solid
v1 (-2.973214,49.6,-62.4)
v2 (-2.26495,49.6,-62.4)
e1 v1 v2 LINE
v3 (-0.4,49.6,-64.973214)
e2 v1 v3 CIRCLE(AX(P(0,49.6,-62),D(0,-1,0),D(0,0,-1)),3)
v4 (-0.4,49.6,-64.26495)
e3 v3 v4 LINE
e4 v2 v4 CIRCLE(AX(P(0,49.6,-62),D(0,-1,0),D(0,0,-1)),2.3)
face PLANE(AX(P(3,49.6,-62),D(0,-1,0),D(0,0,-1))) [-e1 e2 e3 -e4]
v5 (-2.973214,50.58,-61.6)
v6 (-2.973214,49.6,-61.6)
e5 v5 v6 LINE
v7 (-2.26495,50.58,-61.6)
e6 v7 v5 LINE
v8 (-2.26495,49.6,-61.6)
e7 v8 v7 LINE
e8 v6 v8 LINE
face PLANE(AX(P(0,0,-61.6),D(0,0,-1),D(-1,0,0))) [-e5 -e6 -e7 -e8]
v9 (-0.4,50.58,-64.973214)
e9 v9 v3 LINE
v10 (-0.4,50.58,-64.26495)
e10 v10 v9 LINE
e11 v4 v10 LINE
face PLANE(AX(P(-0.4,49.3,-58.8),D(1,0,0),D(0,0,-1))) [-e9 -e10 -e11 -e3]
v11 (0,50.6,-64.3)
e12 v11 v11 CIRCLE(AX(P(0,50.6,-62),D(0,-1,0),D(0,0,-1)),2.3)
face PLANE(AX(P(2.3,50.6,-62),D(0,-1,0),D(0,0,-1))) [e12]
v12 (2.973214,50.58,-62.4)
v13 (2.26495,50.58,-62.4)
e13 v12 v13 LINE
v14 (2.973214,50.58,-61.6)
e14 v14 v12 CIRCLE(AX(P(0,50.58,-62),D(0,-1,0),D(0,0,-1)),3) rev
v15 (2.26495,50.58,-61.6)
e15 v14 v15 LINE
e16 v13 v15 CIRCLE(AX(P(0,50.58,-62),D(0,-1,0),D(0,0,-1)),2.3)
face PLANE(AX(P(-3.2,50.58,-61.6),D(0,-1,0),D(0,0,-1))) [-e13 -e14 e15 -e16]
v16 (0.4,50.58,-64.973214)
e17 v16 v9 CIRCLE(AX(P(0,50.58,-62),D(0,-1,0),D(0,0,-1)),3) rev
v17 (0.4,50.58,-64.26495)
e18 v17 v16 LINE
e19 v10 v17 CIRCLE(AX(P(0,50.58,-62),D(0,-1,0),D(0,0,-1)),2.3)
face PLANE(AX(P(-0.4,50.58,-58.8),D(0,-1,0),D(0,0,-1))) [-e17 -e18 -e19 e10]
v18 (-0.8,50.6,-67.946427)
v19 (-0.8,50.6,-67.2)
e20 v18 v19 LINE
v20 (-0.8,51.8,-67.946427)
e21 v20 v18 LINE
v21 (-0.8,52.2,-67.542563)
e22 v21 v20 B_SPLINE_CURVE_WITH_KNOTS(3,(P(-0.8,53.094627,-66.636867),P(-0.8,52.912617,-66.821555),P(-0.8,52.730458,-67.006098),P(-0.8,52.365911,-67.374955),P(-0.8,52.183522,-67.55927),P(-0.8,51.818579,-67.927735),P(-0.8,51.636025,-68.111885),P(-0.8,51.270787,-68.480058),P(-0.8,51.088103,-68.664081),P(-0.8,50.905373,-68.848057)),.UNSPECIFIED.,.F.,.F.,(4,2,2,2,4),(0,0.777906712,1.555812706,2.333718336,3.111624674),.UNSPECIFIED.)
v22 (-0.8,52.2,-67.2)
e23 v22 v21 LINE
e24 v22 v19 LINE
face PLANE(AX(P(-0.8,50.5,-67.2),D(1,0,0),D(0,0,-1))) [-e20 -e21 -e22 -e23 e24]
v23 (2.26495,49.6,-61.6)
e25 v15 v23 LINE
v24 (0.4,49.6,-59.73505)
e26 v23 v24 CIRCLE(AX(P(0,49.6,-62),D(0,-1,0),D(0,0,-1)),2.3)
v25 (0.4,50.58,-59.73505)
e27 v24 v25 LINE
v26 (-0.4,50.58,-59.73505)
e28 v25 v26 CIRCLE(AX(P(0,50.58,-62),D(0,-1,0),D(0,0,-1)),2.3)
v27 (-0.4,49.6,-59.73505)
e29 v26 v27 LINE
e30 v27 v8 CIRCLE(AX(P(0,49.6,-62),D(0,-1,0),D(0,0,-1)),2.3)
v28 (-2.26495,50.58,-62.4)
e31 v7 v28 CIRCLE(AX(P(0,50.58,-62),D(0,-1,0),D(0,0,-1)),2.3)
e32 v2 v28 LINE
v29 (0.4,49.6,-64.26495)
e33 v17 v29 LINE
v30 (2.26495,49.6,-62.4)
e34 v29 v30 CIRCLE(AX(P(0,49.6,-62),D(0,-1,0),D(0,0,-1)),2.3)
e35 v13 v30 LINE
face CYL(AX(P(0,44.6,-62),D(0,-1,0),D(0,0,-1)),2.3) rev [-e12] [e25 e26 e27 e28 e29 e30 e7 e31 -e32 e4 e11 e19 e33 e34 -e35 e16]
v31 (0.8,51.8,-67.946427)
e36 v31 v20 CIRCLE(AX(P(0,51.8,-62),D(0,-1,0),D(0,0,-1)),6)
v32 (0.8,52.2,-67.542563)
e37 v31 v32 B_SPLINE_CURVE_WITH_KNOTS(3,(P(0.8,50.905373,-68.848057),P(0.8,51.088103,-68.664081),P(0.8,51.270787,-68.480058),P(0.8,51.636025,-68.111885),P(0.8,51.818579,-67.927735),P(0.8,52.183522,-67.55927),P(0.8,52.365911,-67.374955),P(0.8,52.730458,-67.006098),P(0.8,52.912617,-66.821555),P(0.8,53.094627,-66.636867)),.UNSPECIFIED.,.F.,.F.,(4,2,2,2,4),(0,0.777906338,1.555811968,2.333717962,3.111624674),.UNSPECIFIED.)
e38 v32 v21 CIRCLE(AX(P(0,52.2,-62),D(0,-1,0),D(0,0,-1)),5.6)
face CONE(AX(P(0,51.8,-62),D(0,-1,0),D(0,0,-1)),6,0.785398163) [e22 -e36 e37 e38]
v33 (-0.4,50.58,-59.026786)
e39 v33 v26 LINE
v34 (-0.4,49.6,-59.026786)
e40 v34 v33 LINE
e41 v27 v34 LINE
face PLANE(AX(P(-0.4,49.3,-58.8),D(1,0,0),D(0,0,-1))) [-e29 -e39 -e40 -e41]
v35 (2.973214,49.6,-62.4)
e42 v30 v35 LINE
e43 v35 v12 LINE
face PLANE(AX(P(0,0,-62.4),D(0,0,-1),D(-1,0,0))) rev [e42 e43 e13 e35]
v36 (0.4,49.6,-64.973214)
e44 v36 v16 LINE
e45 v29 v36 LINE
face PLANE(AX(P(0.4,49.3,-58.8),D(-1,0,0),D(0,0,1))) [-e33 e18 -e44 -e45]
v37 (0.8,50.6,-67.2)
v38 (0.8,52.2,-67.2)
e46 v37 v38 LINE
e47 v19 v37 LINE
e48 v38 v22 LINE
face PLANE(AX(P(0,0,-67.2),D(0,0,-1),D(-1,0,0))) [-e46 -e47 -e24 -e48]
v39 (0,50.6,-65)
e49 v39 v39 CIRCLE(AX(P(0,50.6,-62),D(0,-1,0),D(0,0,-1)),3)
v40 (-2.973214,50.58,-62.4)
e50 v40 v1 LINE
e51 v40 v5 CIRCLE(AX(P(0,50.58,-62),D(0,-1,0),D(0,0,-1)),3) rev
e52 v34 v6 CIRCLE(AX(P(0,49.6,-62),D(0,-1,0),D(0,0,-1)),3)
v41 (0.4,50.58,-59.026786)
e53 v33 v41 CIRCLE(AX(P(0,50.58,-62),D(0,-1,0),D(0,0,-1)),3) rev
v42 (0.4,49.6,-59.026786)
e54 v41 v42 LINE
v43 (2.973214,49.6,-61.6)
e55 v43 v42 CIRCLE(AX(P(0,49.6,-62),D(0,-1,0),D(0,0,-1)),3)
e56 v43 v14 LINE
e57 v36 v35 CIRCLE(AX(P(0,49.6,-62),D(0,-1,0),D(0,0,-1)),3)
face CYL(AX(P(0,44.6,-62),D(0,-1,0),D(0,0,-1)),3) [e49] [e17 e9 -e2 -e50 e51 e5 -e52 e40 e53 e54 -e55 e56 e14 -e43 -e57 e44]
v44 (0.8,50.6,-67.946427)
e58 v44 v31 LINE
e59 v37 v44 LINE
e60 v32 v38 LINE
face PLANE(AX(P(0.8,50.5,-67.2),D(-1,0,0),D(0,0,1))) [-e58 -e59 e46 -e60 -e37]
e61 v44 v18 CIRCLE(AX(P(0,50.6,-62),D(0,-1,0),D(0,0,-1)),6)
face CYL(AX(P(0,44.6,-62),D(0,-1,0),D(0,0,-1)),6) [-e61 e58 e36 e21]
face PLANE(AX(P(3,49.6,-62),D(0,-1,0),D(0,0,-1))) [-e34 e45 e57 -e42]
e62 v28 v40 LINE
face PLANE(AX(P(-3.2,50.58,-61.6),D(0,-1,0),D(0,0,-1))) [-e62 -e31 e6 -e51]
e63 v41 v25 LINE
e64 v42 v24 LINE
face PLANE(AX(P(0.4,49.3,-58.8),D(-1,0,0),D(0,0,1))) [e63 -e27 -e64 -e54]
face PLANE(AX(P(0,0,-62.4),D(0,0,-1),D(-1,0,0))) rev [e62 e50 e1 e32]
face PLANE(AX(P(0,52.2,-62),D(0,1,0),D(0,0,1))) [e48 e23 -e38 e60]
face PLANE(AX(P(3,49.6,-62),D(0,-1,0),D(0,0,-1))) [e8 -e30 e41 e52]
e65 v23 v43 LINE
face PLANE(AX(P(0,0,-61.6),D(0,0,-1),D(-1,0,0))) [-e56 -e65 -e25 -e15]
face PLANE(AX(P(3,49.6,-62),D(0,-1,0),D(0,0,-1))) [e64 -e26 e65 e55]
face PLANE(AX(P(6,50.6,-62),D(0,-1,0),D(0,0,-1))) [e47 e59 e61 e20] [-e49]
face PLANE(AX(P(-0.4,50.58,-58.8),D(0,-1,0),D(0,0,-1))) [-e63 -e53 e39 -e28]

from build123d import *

# Parameters (mm, degrees)
BOSS_EXTRUDE1_START = -65.2
SKETCH2_W           = 0.8
SKETCH2_H           = 1.28
BOSS_EXTRUDE1_DEPTH = 6.4
BOSS_EXTRUDE2_START = -62.4
SKETCH3_W           = 6.4
SKETCH3_H           = 1.28
BOSS_EXTRUDE2_DEPTH = 0.8
BOSS_EXTRUDE3_START = -68.1
SKETCH4_W           = 1.6
SKETCH4_H           = 1.8
BOSS_EXTRUDE3_DEPTH = 0.9


with BuildPart() as part:
    # Sketch1 → Revolve1 (revolve)
    with BuildSketch(Plane.XY.offset(-62), mode=Mode.PRIVATE) as revolve1_sk:
        Polygon((2.3, 49.6), (2.3, 50.6), (0, 50.6), (0, 52.2), (5.6, 52.2), (6, 51.8), (6, 50.6), (3, 50.6), (3, 49.6), align=None)
    revolve(revolve1_sk.sketch.rotate(Axis((0, 44.6, -62), (0, 1, 0)), 90), axis=Axis((0, 44.6, -62), (0, 1, 0)))


with BuildPart() as body_2:
    # Sketch2 → Boss-Extrude1 (new body)
    with BuildSketch(Plane.XY.offset(BOSS_EXTRUDE1_START)):
        with Locations((0, 49.94)):
            Rectangle(SKETCH2_W, SKETCH2_H)
    extrude(amount=BOSS_EXTRUDE1_DEPTH)


with BuildPart() as part_1:
    add(part.part)

    # Combine1: cut body 2
    add(body_2.part, mode=Mode.SUBTRACT)


with BuildPart() as body_2_2:
    # Sketch3 → Boss-Extrude2 (new body)
    with BuildSketch(Plane.XY.offset(BOSS_EXTRUDE2_START)):
        with Locations((0, 49.94)):
            Rectangle(SKETCH3_W, SKETCH3_H)
    extrude(amount=BOSS_EXTRUDE2_DEPTH)


with BuildPart() as part_2:
    add(part_1.part)

    # Combine2: cut body 2 2
    add(body_2_2.part, mode=Mode.SUBTRACT)


with BuildPart() as body_2_3:
    # Sketch4 → Boss-Extrude3 (new body)
    with BuildSketch(Plane.XY.offset(BOSS_EXTRUDE3_START)):
        with Locations((0, 51.4)):
            Rectangle(SKETCH4_W, SKETCH4_H)
    extrude(amount=BOSS_EXTRUDE3_DEPTH)


with BuildPart() as part_3:
    add(part_2.part)

    # Combine3: cut body 2 3
    add(body_2_3.part, mode=Mode.SUBTRACT)


solid = part_3.part
